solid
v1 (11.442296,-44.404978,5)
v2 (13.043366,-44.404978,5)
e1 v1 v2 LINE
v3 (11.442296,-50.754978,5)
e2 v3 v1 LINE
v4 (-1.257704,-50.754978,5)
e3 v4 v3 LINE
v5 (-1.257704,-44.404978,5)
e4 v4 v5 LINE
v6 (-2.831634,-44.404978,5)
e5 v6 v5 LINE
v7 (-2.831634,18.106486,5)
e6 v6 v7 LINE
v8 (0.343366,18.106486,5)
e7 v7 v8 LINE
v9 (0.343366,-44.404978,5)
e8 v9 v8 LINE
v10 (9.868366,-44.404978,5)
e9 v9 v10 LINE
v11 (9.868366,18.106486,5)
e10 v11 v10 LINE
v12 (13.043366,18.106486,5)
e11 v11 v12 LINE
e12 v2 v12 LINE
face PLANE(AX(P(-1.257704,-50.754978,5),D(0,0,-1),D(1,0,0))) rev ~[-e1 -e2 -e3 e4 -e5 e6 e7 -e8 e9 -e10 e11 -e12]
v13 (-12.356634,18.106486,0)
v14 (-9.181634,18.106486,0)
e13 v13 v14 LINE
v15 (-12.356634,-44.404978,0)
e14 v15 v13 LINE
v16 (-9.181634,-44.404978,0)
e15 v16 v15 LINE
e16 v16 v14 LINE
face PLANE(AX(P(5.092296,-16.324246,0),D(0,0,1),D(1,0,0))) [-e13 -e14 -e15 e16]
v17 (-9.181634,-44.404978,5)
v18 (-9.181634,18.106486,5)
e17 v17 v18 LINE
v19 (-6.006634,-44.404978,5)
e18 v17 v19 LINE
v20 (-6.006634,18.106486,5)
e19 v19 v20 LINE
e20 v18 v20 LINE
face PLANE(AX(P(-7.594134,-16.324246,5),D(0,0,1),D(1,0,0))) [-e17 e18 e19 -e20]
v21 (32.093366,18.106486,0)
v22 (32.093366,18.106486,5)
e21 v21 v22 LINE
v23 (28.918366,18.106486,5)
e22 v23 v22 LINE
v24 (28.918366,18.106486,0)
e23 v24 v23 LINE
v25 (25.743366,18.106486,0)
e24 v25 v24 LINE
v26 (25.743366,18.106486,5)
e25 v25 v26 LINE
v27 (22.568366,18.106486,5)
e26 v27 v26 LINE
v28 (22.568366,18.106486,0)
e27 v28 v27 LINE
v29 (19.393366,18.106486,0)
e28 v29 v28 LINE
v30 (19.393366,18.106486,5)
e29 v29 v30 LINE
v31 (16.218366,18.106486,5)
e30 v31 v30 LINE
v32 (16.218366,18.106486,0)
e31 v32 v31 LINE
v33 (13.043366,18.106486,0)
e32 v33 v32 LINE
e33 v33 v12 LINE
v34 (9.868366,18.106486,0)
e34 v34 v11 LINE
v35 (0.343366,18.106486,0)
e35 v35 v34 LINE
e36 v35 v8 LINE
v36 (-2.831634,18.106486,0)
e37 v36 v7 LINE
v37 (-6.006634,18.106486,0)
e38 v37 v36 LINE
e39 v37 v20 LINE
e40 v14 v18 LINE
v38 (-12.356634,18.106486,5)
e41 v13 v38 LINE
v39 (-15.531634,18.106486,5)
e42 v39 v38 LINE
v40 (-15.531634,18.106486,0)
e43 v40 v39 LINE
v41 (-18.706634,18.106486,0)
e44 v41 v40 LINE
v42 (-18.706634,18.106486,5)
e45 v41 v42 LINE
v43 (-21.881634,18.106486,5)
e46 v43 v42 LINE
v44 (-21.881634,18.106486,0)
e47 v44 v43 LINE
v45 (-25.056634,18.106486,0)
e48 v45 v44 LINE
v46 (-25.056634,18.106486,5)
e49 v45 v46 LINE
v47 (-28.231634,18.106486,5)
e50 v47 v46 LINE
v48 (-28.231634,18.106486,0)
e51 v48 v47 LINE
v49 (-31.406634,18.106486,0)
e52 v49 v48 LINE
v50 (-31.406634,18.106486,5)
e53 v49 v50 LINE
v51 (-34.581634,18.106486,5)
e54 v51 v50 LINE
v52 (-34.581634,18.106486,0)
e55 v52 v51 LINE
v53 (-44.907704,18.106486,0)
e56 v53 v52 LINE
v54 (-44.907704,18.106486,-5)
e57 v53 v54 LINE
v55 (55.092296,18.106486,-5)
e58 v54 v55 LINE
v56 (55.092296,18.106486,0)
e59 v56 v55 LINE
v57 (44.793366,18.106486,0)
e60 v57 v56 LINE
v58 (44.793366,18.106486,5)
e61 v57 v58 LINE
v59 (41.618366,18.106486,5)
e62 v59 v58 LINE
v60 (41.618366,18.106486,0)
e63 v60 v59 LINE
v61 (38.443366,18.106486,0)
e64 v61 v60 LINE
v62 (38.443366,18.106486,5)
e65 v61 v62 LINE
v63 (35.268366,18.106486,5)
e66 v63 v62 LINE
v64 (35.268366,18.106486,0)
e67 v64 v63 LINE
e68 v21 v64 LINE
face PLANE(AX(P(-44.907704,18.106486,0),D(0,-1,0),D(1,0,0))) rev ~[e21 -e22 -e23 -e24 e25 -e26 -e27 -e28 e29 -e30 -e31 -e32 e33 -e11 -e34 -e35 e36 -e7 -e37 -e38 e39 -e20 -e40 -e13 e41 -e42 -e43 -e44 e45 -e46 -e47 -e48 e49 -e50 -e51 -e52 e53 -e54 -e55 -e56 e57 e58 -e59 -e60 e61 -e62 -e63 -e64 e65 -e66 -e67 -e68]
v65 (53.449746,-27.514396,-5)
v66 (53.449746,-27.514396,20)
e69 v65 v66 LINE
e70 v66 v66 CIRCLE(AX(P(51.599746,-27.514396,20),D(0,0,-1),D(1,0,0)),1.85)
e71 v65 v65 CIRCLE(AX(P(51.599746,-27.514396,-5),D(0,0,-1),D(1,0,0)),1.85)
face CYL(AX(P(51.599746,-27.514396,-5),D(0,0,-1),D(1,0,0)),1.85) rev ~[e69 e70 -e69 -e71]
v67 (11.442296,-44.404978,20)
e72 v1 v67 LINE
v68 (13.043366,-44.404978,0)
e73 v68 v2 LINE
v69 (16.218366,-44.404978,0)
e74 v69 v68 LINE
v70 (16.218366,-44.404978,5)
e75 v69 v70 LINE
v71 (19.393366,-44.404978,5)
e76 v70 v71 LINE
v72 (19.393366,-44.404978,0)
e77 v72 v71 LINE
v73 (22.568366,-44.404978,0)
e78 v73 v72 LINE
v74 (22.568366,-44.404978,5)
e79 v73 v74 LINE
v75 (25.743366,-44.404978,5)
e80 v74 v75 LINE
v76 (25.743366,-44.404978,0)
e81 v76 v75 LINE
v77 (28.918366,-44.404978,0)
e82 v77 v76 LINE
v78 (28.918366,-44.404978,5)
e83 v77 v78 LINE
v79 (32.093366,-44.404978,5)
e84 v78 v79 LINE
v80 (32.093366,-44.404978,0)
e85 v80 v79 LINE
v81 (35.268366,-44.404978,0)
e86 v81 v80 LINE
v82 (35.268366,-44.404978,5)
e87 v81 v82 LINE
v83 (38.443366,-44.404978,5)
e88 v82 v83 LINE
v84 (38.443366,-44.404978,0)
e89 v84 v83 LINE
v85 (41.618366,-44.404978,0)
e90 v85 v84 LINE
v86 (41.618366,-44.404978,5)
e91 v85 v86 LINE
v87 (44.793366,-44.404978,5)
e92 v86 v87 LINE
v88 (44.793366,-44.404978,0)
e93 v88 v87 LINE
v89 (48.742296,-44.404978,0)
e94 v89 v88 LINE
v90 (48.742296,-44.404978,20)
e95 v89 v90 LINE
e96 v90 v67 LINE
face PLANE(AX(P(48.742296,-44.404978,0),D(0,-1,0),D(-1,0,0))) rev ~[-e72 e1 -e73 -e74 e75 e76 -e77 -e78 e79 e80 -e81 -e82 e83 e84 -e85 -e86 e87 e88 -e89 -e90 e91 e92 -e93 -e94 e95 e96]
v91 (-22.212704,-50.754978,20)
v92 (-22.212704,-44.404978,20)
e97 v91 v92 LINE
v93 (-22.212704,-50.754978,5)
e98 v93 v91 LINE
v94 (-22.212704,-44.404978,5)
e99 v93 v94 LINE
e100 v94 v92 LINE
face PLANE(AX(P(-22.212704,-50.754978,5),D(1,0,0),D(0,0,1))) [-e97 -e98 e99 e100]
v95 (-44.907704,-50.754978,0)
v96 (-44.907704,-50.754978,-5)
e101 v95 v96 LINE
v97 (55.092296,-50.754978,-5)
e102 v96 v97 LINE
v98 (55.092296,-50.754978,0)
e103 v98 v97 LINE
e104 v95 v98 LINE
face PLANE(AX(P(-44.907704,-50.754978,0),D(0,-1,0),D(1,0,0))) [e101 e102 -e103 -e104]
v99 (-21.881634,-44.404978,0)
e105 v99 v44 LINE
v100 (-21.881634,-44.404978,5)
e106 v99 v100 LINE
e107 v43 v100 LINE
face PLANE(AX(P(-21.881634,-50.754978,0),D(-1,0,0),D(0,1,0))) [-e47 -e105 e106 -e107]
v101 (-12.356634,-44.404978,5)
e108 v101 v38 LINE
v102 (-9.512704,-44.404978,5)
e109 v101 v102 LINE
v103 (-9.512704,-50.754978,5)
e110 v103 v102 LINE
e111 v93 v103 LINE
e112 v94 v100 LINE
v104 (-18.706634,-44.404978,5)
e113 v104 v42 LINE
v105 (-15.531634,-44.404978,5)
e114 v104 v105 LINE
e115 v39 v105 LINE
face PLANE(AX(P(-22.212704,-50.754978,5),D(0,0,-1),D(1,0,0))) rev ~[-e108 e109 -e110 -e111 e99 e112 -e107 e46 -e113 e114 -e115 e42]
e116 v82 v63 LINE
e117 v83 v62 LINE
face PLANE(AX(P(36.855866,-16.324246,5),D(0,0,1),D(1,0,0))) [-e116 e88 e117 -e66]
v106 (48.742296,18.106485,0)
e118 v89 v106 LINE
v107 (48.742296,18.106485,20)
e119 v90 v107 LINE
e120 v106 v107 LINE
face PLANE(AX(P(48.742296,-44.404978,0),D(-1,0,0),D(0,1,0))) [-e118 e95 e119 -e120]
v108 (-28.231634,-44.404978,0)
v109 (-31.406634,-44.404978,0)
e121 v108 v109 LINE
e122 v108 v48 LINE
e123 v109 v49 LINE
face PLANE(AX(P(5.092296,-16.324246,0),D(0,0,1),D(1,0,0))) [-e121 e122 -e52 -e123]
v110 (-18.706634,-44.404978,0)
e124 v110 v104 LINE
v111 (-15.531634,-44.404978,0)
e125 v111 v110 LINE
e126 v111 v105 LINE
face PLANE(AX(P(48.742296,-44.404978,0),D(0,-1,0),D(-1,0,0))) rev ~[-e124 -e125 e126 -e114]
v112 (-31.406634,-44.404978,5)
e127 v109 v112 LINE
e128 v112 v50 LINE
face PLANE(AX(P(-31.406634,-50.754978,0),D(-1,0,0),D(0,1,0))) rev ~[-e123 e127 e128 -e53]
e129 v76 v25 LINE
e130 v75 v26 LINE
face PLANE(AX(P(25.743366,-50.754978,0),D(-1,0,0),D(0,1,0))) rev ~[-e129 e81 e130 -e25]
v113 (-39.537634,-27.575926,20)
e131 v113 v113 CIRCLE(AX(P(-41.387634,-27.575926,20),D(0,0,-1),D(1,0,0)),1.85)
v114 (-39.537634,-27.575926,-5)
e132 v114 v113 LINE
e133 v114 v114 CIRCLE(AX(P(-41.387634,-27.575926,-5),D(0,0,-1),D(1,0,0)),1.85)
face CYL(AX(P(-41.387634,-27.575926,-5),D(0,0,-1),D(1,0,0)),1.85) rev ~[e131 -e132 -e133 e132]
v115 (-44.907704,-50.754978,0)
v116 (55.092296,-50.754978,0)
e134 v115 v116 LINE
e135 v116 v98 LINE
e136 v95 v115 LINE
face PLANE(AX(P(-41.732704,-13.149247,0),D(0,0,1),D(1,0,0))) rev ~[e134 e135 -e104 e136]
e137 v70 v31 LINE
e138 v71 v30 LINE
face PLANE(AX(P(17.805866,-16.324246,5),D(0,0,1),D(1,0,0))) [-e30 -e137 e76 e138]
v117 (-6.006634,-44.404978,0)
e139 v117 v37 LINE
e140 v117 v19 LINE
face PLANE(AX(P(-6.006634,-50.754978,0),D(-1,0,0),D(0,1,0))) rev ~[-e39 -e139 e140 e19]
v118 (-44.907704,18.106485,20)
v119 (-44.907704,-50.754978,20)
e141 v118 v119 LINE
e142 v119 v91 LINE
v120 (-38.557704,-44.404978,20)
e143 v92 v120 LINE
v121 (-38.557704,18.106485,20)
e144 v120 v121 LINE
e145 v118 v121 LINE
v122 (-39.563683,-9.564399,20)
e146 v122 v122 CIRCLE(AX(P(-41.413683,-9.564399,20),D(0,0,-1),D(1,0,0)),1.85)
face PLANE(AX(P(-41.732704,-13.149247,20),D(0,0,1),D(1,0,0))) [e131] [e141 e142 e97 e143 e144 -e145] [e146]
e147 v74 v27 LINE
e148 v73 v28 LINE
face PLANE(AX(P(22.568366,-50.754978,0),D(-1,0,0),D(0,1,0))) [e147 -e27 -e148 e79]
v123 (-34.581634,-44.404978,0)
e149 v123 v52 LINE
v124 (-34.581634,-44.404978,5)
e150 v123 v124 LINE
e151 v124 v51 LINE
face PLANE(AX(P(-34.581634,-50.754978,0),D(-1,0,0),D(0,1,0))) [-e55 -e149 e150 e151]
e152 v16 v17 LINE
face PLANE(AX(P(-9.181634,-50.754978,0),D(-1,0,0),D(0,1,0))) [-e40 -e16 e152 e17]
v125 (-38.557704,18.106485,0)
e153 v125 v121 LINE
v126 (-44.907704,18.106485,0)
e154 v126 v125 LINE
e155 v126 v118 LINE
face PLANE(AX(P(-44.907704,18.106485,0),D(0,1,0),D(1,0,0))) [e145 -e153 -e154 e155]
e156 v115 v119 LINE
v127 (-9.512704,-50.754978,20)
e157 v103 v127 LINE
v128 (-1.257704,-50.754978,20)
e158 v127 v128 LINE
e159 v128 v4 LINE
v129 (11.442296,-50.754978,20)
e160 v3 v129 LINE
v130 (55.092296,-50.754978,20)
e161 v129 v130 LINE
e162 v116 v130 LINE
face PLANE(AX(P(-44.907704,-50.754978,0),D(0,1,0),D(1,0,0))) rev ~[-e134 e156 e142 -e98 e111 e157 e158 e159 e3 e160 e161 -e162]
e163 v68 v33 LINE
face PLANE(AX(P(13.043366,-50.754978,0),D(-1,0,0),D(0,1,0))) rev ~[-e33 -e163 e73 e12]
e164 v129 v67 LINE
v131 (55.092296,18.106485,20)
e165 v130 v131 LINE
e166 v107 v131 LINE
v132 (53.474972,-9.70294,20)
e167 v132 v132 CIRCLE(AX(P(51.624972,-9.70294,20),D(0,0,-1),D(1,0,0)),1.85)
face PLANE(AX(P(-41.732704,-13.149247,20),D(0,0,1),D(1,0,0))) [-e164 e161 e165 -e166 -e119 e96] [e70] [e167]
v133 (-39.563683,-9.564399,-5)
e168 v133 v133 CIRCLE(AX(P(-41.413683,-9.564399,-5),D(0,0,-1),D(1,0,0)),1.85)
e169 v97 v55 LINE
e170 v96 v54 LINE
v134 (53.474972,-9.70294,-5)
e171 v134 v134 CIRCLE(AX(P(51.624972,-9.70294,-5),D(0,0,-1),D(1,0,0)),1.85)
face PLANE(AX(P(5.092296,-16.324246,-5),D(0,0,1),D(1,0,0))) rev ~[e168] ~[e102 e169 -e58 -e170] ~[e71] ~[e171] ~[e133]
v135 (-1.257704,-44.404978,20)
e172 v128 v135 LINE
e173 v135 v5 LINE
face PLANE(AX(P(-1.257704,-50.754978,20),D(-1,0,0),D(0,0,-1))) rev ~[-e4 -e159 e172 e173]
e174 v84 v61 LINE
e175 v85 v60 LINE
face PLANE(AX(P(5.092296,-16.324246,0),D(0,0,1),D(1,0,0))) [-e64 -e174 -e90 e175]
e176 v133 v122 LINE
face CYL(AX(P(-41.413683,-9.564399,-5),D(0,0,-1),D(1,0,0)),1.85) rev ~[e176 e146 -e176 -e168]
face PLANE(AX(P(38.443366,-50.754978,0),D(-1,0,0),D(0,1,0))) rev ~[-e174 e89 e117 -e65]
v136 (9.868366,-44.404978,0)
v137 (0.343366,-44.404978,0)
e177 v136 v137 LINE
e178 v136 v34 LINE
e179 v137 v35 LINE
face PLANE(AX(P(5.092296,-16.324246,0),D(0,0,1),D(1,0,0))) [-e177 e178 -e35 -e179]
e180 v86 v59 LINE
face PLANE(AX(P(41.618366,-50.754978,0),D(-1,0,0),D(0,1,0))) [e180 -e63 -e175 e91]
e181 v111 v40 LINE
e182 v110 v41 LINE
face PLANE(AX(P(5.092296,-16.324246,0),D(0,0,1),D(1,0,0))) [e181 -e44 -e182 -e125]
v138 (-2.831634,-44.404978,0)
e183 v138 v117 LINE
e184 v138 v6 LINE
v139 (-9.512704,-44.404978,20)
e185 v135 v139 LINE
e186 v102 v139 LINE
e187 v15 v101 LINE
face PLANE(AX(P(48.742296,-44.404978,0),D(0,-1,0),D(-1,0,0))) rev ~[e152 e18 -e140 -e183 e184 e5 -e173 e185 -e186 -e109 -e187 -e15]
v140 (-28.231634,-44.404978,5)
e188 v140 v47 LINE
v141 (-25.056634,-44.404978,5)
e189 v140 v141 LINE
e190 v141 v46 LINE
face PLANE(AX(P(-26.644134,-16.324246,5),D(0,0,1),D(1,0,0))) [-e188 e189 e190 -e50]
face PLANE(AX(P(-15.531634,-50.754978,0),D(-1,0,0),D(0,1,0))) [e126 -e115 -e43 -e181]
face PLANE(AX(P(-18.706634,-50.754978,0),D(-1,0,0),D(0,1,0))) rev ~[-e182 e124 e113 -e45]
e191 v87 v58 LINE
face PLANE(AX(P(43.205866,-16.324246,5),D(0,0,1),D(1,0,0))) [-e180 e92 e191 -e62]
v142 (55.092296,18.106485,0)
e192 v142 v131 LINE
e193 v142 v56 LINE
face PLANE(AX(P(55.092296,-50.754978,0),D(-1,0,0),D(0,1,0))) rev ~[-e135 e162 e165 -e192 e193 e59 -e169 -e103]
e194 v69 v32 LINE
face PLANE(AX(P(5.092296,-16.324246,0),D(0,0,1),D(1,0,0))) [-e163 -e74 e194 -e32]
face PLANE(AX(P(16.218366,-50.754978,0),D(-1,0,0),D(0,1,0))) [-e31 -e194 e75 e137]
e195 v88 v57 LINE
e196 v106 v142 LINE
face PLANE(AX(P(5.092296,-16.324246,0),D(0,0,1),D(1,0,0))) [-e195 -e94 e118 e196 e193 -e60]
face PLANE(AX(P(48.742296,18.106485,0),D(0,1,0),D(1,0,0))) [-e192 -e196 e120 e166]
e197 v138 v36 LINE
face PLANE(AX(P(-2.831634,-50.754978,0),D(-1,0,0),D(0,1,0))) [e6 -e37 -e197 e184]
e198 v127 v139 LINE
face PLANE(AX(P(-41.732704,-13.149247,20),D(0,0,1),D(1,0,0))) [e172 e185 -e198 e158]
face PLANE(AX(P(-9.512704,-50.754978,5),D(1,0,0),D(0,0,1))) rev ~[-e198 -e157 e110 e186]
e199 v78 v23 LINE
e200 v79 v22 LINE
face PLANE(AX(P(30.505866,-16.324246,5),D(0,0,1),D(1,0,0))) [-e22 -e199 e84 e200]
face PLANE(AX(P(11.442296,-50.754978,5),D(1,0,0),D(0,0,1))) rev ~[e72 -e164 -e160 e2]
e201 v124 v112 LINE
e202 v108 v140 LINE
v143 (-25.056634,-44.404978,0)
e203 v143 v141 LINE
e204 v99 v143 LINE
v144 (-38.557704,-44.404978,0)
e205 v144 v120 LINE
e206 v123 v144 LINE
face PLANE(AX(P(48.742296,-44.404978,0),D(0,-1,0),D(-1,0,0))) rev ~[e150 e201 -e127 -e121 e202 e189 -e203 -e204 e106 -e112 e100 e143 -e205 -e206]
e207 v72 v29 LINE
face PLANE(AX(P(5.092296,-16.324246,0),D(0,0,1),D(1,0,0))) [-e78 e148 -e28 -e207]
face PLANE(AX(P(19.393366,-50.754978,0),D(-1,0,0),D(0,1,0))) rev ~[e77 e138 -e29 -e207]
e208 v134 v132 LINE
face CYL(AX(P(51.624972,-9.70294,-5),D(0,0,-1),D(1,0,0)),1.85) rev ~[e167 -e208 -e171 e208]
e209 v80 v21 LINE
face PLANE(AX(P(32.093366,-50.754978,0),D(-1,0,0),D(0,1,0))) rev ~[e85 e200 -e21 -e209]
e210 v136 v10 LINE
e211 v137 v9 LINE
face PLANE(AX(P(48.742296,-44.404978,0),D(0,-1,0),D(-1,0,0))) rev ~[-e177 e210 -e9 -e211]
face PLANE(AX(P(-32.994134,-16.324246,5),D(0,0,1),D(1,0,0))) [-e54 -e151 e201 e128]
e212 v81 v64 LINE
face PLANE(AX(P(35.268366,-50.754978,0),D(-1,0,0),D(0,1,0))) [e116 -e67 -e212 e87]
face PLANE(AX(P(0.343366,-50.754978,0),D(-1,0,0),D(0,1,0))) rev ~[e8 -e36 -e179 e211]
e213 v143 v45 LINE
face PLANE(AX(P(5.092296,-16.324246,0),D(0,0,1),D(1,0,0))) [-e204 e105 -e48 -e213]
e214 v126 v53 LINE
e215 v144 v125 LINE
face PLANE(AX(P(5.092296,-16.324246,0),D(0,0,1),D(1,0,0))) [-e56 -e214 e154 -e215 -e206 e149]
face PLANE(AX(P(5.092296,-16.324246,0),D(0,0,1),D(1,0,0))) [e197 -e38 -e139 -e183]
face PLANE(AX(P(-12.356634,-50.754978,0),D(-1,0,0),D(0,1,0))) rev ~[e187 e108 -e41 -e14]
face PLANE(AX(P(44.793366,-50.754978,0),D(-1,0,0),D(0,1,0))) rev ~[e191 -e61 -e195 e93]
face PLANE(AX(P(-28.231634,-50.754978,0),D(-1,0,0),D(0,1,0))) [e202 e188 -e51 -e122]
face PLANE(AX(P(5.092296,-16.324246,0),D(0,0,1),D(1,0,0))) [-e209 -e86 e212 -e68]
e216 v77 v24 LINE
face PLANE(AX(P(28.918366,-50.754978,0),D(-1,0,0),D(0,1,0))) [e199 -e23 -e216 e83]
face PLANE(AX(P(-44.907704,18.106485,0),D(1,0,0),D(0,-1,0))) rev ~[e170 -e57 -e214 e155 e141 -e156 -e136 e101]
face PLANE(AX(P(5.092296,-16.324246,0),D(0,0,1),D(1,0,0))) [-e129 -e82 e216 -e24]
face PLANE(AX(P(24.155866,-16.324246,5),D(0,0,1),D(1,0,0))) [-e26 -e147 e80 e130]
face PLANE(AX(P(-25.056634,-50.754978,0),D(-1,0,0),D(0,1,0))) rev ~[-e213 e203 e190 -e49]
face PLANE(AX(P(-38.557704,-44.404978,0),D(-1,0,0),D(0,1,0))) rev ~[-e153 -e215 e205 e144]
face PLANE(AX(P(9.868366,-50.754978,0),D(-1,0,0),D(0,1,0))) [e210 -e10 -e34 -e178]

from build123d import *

# Parameters (mm, degrees)
F0_W     = 100
F0_H     = 68.861463
F1_DEPTH = 5
F2_W     = 3.175
F2_H     = 68.861463
F3_DEPTH = 5
F4_W     = 6.35
F4_H     = 62.511463
F4_H_2   = 6.35
F4_W_2   = 87.3
F5_DEPTH = 20
F6_R     = 1.85
F7_DEPTH = 25.001
F8_W     = 12.7
F8_H     = 15
F9_DEPTH = 12.7


with BuildPart() as f1:
    # F0 (on Top) → F1 (new body)
    with BuildSketch(Plane.XY):
        with Locations((5.092296, -16.324246)):
            Rectangle(F0_W, F0_H)
    extrude(amount=-F1_DEPTH)

    # F2 (on face) → F3 (join)
    with BuildSketch(Plane.XY):
        with Locations((-26.644134, -16.324246)):
            Rectangle(F2_W, F2_H)
        with Locations((-32.994134, -16.324246)):
            Rectangle(F2_W, F2_H)
        with Locations((-20.294134, -16.324246)):
            Rectangle(F2_W, F2_H)
        with Locations((-13.944134, -16.324246)):
            Rectangle(F2_W, F2_H)
        with Locations((-7.594134, -16.324246)):
            Rectangle(F2_W, F2_H)
        with Locations((-1.244134, -16.324246)):
            Rectangle(F2_W, F2_H)
        with Locations((11.455866, -16.324246)):
            Rectangle(F2_W, F2_H)
        with Locations((17.805866, -16.324246)):
            Rectangle(F2_W, F2_H)
        with Locations((24.155866, -16.324246)):
            Rectangle(F2_W, F2_H)
        with Locations((30.505866, -16.324246)):
            Rectangle(F2_W, F2_H)
        with Locations((36.855866, -16.324246)):
            Rectangle(F2_W, F2_H)
        with Locations((43.205866, -16.324246)):
            Rectangle(F2_W, F2_H)
    extrude(amount=F3_DEPTH)

    # F4 (on face) → F5 (join)
    with BuildSketch(Plane.XY):
        with Locations((-41.732704, -13.149247)):
            Rectangle(F4_W, F4_H)
        with Locations((-41.732704, -47.579978)):
            Rectangle(F4_W, F4_H_2)
        with Locations((5.092296, -47.579978)):
            Rectangle(F4_W_2, F4_H_2)
        with Locations((51.917296, -47.579978)):
            Rectangle(F4_W, F4_H_2)
        with Locations((51.917296, -13.149247)):
            Rectangle(F4_W, F4_H)
    extrude(amount=F5_DEPTH)

    # F6 (on face) → F7 (cut, through all)
    with BuildSketch(Plane(origin=(0, 0, -5), x_dir=(1, 0, 0), z_dir=(0, 0, -1))):
        with Locations((-41.387634, 27.575926)):
            Circle(F6_R)
        with Locations((51.599746, 27.514396)):
            Circle(F6_R)
        with Locations((-41.413683, 9.564399)):
            Circle(F6_R)
        with Locations((51.624972, 9.70294)):
            Circle(F6_R)
    extrude(amount=-F7_DEPTH, mode=Mode.SUBTRACT)

    # F8 (on face) → F9 (cut)
    with BuildSketch(Plane.XZ.offset(50.754978)):
        Polygon((-1.257704, 5), (5.092296, 5), (11.442296, 5), (11.442296, 20), (-1.257704, 20), align=None)
        with Locations((-15.862704, 12.5)):
            Rectangle(F8_W, F8_H)
    extrude(amount=-F9_DEPTH, mode=Mode.SUBTRACT)


solid = f1.part
